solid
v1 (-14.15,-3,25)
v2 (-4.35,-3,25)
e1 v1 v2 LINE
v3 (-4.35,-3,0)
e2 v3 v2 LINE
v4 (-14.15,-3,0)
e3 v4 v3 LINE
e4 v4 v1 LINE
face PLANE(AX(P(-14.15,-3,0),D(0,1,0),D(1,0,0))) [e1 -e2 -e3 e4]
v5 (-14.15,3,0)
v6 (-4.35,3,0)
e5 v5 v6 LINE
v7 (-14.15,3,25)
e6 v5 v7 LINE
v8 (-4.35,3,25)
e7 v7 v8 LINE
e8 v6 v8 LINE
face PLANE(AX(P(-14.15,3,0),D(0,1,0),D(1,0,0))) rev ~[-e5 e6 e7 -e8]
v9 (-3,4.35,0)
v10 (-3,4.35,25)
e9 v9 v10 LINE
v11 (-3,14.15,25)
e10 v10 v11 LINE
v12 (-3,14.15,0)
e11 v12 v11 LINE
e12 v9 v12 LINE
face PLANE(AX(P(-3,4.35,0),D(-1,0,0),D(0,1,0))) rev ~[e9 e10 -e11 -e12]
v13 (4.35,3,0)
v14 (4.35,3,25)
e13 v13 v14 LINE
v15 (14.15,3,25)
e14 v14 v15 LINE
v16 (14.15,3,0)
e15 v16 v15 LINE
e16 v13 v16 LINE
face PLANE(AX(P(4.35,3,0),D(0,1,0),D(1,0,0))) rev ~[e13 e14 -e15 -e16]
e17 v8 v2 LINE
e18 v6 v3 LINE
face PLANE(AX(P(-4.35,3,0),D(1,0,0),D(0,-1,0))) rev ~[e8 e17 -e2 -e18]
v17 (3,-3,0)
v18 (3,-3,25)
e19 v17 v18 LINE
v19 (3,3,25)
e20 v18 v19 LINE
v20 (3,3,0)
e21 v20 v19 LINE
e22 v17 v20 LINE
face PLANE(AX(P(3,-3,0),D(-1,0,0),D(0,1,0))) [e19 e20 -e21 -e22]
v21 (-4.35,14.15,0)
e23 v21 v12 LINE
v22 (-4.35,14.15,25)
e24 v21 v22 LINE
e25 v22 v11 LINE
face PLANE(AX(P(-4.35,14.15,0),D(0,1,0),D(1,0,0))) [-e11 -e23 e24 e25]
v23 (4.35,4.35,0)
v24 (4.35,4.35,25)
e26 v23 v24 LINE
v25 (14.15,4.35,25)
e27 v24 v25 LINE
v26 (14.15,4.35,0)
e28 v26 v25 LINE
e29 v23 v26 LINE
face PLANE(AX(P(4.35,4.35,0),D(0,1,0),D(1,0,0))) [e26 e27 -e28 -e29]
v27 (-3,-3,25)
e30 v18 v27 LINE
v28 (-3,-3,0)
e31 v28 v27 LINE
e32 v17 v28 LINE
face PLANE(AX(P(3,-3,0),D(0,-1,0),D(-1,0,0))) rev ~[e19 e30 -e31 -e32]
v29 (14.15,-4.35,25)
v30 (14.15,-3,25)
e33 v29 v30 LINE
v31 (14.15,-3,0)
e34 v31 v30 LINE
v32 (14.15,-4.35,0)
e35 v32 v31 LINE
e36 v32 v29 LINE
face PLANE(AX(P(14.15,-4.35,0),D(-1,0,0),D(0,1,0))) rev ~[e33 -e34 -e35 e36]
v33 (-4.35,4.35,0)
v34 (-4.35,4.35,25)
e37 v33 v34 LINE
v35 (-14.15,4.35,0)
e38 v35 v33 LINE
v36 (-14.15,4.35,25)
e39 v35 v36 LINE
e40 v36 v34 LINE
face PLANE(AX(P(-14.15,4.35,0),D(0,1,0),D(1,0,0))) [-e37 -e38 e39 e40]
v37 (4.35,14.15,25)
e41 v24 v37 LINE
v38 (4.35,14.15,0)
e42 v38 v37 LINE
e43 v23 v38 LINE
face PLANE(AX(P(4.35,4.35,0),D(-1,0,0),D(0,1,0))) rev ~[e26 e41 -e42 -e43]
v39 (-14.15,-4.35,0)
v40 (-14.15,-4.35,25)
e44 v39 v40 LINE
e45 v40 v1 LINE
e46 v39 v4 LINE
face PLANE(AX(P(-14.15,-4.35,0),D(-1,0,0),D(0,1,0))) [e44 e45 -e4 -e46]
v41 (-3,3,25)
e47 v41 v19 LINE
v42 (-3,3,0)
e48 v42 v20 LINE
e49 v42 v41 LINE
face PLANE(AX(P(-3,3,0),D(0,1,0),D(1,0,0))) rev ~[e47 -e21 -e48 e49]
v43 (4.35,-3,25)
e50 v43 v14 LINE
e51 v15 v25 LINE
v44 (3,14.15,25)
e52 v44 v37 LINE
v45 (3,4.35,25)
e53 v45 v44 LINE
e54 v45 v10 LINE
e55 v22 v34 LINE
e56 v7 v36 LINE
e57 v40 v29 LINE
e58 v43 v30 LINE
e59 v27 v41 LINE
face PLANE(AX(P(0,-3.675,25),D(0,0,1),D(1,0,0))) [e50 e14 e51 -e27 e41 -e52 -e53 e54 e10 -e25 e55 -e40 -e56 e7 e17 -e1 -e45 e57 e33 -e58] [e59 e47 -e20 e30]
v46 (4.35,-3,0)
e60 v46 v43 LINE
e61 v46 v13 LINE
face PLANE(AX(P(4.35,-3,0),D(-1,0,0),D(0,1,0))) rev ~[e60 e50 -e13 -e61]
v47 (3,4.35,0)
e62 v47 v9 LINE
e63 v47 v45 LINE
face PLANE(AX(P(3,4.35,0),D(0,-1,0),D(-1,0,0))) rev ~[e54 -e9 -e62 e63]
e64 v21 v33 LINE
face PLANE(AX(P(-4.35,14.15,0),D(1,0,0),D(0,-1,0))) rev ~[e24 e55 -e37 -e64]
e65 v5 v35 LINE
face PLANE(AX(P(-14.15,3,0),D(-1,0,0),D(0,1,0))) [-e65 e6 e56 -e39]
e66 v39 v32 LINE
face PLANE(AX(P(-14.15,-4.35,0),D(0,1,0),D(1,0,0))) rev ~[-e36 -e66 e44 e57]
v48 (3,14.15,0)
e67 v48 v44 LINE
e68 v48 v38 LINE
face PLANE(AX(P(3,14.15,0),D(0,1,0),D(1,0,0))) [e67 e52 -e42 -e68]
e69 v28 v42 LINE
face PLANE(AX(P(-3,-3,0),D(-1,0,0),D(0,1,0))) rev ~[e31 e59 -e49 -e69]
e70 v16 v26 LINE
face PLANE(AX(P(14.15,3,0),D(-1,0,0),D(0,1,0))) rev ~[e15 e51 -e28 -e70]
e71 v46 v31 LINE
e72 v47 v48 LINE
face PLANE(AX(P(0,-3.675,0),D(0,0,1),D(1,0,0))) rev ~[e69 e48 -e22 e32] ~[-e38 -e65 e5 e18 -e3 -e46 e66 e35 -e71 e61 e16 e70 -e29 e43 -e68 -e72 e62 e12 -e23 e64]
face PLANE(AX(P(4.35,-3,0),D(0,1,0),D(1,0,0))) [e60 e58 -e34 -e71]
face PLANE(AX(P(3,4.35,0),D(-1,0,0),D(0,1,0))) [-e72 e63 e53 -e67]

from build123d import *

# Parameters (mm, degrees)
F0_W     = 1.35
F0_H     = 6
F0_W_2   = 6
F0_H_2   = 1.35
F0_W_3   = 9.8
F0_H_3   = 9.8
F1_DEPTH = 25


with BuildPart() as f1:
    # F0 (on Top) → F1 (new body)
    with BuildSketch(Plane.XY):
        Polygon((4.35, -3), (3, -3), (-3, -3), (-4.35, -3), (-4.35, -4.35), (4.35, -4.35), align=None)
        with Locations((3.675, 0)):
            Rectangle(F0_W, F0_H)
        with Locations((-3.675, 0)):
            Rectangle(F0_W, F0_H)
        with Locations((0, 3.675)):
            Rectangle(F0_W_2, F0_H_2)
        with Locations((3.675, 3.675)):
            Rectangle(F0_W, F0_H_2)
        with Locations((9.25, -3.675)):
            Rectangle(F0_W_3, F0_H_2)
        with Locations((-3.675, 3.675)):
            Rectangle(F0_W, F0_H_2)
        with Locations((-9.25, -3.675)):
            Rectangle(F0_W_3, F0_H_2)
        with Locations((3.675, 9.25)):
            Rectangle(F0_W, F0_H_3)
        with Locations((9.25, 3.675)):
            Rectangle(F0_W_3, F0_H_2)
        with Locations((-3.675, 9.25)):
            Rectangle(F0_W, F0_H_3)
        with Locations((-9.25, 3.675)):
            Rectangle(F0_W_3, F0_H_2)
    extrude(amount=F1_DEPTH)


solid = f1.part
